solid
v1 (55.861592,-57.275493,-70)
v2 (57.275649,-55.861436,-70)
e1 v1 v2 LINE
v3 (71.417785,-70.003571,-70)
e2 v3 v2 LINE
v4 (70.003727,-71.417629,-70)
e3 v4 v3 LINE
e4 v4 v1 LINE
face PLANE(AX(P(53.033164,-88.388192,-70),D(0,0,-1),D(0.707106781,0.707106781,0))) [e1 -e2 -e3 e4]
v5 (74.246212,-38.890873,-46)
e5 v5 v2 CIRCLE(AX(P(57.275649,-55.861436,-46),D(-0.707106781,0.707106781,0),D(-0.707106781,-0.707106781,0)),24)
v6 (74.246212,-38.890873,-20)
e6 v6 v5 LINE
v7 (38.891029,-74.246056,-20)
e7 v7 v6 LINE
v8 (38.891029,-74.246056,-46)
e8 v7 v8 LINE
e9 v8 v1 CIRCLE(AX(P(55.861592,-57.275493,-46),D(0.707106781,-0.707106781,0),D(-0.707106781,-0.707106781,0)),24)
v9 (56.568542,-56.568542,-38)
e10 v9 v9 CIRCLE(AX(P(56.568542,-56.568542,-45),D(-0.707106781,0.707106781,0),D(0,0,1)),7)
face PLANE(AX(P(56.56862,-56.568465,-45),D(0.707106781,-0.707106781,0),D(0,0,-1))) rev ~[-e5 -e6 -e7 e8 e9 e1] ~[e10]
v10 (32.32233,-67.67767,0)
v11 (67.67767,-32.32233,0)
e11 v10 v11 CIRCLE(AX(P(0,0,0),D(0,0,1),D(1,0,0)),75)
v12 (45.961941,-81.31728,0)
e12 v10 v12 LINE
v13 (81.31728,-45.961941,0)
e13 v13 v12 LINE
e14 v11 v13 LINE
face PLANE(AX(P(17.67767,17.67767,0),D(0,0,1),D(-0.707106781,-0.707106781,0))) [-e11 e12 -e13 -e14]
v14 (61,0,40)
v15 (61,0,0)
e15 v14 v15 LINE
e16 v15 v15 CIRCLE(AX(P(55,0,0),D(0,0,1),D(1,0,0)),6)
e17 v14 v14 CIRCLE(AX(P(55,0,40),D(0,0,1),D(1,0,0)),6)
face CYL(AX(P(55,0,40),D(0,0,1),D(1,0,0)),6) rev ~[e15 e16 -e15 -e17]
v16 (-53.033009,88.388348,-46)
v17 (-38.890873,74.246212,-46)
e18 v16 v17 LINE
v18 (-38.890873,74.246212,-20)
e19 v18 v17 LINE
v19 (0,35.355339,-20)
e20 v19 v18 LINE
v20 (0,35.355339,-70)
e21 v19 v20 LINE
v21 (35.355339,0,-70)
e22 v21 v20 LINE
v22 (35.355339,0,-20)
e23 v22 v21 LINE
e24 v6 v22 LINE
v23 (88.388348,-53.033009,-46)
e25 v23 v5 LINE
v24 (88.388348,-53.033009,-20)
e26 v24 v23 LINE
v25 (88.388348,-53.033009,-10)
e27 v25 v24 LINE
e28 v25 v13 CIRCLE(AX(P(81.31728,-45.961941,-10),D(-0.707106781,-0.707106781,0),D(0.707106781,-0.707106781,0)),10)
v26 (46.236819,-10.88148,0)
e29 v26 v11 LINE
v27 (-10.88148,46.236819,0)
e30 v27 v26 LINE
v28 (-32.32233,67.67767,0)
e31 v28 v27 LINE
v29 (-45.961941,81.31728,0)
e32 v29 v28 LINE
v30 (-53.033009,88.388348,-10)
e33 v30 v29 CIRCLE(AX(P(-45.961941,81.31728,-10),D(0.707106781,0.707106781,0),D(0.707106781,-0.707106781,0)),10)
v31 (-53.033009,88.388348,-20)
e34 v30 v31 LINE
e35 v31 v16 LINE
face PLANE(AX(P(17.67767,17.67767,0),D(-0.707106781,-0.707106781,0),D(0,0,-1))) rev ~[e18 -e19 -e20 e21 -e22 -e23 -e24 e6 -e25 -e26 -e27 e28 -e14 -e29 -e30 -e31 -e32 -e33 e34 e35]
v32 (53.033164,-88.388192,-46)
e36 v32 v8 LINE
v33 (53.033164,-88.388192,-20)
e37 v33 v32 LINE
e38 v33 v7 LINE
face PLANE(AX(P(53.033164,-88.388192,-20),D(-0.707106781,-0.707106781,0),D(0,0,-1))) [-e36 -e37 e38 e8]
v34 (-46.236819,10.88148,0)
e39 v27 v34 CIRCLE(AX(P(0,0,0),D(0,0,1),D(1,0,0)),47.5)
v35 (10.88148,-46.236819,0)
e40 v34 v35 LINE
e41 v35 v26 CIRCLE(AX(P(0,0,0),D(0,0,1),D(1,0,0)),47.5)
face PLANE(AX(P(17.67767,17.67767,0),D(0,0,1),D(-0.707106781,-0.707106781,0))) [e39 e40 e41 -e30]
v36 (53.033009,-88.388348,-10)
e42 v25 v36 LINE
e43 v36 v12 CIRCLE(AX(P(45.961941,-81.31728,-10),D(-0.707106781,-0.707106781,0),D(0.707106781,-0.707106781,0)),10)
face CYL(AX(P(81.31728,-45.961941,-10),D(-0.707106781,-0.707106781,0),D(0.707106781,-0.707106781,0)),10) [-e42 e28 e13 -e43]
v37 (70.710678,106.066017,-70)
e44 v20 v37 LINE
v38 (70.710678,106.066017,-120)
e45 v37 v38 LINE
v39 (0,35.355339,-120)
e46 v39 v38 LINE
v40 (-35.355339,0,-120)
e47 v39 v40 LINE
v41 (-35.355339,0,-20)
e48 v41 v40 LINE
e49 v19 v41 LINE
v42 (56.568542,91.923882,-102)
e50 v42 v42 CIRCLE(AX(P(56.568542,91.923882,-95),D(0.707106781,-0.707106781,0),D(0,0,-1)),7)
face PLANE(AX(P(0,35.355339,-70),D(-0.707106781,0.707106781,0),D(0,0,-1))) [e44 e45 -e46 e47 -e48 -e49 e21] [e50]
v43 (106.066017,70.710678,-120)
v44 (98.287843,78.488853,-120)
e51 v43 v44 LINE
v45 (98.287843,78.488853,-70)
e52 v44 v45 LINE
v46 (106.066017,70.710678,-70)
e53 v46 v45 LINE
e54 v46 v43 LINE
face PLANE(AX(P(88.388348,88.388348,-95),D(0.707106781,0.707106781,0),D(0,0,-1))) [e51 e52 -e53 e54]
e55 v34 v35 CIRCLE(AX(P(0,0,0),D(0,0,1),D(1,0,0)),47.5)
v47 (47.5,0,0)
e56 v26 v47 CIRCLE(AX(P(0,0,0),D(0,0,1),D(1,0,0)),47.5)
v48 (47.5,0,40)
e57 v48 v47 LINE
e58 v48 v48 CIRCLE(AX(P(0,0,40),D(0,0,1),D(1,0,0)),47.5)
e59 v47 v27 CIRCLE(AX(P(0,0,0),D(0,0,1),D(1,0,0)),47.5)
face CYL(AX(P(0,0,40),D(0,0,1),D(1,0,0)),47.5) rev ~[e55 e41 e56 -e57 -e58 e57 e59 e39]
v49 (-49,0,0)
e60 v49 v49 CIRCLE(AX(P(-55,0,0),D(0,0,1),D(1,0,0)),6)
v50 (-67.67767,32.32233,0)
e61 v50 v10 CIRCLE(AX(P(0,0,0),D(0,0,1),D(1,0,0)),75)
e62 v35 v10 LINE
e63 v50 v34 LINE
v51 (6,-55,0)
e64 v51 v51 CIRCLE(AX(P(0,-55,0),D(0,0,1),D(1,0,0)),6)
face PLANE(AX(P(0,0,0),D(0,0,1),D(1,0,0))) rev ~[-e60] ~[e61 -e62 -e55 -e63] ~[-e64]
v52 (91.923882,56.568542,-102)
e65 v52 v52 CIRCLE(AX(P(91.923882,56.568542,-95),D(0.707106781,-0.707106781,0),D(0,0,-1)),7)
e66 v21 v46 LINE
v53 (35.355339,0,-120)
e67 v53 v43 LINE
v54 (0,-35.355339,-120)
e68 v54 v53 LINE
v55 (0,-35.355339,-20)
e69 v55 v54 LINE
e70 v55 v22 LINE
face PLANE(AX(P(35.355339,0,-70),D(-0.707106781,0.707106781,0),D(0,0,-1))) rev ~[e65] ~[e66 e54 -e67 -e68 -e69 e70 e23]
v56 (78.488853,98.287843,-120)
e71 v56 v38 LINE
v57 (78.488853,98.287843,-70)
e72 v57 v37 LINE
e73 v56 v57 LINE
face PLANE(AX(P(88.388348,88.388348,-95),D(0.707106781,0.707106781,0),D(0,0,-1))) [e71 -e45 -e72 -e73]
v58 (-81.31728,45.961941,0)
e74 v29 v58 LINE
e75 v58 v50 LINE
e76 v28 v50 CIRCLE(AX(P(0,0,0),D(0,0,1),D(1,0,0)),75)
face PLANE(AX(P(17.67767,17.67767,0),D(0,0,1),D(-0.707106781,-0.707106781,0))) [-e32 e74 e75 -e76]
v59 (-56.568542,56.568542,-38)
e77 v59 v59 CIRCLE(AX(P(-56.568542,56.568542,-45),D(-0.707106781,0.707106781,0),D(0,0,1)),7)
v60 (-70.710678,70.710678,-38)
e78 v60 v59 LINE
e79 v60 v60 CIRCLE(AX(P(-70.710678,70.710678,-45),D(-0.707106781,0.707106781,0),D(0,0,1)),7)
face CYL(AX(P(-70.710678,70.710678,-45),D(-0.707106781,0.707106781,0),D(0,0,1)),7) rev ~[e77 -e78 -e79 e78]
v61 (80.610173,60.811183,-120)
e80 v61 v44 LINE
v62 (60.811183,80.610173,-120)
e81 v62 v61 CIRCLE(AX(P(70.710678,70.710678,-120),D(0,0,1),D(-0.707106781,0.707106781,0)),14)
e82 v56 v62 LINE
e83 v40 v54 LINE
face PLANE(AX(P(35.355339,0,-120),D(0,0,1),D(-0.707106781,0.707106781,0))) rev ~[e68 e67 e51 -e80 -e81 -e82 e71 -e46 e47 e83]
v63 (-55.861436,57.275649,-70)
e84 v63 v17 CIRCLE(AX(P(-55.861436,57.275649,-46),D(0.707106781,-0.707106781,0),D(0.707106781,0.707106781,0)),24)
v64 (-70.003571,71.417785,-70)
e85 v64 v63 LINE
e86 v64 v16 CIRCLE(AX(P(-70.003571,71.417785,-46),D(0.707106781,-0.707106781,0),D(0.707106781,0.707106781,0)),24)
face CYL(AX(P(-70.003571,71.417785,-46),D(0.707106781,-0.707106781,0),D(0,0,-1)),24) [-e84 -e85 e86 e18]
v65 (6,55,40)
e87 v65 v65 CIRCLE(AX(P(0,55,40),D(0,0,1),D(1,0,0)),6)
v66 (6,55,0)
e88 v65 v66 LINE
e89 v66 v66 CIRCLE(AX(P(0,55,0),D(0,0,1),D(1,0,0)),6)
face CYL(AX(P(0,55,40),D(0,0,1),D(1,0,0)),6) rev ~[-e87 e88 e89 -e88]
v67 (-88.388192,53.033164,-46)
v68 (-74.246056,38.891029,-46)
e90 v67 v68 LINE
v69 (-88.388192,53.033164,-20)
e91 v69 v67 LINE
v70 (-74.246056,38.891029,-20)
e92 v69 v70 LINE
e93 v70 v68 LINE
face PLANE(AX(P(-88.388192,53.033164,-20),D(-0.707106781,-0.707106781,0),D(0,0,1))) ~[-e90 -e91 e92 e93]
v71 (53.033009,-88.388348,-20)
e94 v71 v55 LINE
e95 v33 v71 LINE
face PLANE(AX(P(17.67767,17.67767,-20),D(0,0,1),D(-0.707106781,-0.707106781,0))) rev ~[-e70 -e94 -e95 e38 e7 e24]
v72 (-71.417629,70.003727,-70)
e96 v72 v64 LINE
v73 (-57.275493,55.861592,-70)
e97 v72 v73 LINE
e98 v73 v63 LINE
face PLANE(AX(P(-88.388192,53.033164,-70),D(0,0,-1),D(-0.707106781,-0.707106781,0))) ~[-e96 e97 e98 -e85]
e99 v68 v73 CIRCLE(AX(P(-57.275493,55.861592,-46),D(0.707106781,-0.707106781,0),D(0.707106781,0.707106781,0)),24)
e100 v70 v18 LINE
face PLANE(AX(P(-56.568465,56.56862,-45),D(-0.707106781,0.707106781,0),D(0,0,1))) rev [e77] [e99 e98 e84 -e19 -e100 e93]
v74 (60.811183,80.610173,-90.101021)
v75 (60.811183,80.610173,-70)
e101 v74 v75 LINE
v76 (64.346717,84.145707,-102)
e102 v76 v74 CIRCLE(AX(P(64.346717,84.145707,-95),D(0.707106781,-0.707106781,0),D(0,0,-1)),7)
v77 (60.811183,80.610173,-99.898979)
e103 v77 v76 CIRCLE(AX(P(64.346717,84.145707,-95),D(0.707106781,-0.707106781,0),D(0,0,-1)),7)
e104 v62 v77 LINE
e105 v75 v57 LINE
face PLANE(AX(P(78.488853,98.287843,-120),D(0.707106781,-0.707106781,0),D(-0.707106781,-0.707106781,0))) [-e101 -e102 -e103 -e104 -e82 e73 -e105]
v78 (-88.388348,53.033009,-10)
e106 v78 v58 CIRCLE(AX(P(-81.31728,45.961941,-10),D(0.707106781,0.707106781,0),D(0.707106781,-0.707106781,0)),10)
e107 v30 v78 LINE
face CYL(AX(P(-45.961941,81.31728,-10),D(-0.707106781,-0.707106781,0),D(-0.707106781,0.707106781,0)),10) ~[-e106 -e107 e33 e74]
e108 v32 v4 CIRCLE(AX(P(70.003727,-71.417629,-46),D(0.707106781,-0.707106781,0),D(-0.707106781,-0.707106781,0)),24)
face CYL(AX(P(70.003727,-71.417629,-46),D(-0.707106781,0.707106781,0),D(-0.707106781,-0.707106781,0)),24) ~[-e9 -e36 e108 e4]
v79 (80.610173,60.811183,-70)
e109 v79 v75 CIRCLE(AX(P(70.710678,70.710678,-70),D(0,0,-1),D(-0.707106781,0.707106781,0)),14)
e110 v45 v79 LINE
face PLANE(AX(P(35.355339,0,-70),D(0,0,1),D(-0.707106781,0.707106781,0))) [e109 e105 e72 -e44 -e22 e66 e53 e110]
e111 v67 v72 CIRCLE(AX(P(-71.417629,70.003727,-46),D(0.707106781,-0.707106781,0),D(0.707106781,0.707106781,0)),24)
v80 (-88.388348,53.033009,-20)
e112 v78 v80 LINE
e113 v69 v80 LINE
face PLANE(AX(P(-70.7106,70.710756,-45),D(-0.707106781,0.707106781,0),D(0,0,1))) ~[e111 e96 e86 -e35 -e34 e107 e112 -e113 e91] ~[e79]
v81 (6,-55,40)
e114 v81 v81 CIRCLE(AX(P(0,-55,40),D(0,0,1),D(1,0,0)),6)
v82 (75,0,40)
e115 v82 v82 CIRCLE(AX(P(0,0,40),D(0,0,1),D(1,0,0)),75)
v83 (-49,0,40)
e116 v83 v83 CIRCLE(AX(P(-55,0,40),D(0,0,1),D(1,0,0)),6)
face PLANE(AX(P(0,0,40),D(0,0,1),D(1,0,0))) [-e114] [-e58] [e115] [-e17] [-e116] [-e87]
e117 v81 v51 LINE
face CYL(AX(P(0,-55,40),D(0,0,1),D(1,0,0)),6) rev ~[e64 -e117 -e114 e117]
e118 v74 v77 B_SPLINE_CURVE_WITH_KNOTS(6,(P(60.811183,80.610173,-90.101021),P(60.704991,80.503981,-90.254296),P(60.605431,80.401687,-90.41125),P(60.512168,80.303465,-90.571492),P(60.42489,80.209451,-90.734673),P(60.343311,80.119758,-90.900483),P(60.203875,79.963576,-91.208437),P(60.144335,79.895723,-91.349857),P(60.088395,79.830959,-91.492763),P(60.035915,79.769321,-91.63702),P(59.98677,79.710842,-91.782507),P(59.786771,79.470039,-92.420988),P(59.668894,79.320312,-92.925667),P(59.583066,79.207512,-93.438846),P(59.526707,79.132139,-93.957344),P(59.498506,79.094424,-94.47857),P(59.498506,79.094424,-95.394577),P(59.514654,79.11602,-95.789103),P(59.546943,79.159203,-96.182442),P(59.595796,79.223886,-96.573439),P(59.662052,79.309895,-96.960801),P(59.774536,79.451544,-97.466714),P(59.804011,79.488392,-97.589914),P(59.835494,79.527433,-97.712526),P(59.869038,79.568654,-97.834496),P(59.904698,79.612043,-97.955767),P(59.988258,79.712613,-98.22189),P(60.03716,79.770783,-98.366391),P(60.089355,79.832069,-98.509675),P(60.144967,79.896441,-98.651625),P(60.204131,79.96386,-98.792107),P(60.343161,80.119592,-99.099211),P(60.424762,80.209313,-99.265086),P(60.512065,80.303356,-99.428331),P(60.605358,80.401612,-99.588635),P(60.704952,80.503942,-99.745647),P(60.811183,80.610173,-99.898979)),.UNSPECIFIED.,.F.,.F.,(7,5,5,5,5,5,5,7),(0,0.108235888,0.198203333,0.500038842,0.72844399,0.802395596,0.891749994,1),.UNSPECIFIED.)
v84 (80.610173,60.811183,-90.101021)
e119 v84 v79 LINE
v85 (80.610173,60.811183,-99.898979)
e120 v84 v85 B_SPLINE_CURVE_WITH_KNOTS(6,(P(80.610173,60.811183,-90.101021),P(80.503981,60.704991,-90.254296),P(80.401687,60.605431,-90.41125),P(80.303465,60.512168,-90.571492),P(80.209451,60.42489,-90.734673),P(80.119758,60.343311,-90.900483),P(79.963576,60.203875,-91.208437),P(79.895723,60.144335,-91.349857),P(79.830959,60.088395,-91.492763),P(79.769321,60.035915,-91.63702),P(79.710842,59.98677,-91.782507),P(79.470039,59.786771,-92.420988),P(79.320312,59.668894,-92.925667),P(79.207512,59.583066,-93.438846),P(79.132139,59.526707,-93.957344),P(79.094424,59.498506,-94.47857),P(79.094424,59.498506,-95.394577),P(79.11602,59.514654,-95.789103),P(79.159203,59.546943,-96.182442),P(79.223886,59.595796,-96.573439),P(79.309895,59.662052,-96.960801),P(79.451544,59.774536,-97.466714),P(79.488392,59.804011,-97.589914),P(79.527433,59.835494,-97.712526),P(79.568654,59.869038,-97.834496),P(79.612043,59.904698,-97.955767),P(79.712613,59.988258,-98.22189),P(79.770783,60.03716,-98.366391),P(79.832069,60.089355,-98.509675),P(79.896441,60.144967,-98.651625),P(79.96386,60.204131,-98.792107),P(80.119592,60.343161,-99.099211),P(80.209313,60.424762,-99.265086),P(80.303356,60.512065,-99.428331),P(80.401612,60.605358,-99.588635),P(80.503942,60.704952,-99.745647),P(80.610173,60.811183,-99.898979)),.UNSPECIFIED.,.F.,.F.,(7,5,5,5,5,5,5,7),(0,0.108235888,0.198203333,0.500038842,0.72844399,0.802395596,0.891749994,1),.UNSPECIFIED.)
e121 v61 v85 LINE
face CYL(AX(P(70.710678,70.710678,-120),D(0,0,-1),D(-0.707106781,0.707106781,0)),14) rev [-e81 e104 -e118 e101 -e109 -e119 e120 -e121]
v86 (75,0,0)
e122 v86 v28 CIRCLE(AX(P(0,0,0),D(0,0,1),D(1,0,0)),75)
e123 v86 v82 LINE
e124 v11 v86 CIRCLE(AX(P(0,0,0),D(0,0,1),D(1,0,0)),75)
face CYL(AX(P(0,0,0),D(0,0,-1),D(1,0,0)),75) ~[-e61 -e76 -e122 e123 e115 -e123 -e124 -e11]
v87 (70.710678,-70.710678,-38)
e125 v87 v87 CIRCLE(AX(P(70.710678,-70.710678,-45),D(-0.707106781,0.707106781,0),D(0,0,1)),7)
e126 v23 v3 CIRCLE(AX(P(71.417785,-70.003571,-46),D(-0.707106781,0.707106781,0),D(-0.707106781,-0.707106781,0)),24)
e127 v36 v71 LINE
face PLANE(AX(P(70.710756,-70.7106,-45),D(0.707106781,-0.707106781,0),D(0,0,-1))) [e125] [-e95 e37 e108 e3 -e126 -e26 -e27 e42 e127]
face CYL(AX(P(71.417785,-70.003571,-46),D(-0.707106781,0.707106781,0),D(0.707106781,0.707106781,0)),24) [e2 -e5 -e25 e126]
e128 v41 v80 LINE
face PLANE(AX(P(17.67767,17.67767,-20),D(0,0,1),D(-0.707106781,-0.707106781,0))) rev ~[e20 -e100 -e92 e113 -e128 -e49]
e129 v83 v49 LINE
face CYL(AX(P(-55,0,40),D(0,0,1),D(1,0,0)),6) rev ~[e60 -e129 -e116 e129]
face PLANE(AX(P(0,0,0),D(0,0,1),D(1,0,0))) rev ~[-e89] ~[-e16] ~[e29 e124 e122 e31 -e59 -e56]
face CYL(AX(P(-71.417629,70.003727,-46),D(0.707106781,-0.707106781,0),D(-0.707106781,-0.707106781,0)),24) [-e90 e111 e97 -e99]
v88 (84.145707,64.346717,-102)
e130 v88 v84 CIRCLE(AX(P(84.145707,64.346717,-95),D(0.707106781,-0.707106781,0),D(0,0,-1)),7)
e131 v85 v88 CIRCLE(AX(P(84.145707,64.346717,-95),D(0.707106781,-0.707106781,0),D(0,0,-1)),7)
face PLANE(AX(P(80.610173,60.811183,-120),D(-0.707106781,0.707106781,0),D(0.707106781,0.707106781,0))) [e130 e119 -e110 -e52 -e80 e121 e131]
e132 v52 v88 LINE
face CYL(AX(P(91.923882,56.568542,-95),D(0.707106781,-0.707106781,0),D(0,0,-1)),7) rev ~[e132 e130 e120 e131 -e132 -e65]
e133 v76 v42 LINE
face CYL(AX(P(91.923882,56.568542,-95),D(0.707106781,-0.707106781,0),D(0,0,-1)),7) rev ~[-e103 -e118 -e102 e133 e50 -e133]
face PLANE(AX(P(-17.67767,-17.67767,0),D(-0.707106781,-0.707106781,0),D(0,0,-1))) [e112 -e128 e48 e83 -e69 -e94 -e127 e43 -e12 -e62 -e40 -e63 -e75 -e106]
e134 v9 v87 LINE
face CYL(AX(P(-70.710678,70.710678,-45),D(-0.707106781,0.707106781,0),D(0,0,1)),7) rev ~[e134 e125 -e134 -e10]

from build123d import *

# Parameters (mm, degrees)
SZKIC1_R                    = 75
DODANIE_WYCI_GNI_CIE1_DEPTH = 40
SZKIC2_R                    = 6
WYTNIJ_WYCI_GNI_CIE1_DEPTH  = 40
SZKIC3_R                    = 47.5
WYTNIJ_WYCI_GNI_CIE2_DEPTH  = 40
SZKIC4_W                    = 50
SZKIC4_H                    = 20
DODANIE_WYCI_GNI_CIE2_DEPTH = 100
SZKIC6_W                    = 50
SZKIC6_H                    = 49.999779654
DODANIE_WYCI_GNI_CIE3_DEPTH = 20
SZKIC7_R                    = 7
WYTNIJ_WYCI_GNI_CIE3_DEPTH  = 226
ZAOKR_GLENIE1_R             = 24
ZAOKR_GLENIE2_R             = 10
DODANIE_WYCI_GNI_CIE4_DEPTH = 100
SZKIC10_W                   = 50
SZKIC10_H                   = 50
DODANIE_WYCI_GNI_CIE5_DEPTH = 100
SZKIC12_R                   = 7
WYTNIJ_WYCI_GNI_CIE5_DEPTH  = 163.5
WYTNIJ_WYCI_GNI_CIE6_DEPTH  = 161


with BuildPart() as part:
    # Szkic1 → Dodanie-wyciągnięcie1 (new body)
    with BuildSketch(Plane.XY):
        Circle(SZKIC1_R)
    extrude(amount=DODANIE_WYCI_GNI_CIE1_DEPTH)

    # Szkic2 → Wytnij-wyciągnięcie1 (cut)
    with BuildSketch(Plane.XY.offset(40)):
        with Locations((-55, 0)):
            Circle(SZKIC2_R)
        with Locations((0, 55)):
            Circle(SZKIC2_R)
        with Locations((55, 0)):
            Circle(SZKIC2_R)
        with Locations((0, -55)):
            Circle(SZKIC2_R)
    extrude(amount=-WYTNIJ_WYCI_GNI_CIE1_DEPTH, mode=Mode.SUBTRACT)

    # Szkic3 → Wytnij-wyciągnięcie2 (cut)
    with BuildSketch(Plane.XY.offset(40)):
        Circle(SZKIC3_R)
    extrude(amount=-WYTNIJ_WYCI_GNI_CIE2_DEPTH, mode=Mode.SUBTRACT)

    # Szkic4 → Dodanie-wyciągnięcie2 (add, symmetric)
    with BuildSketch(Plane(origin=(0, 0, 0), x_dir=(-0.707106781, -0.707106781, 0), z_dir=(0.707106781, -0.707106781, 0))):
        with Locations((0, 10)):
            Rectangle(SZKIC4_W, SZKIC4_H)
    extrude(amount=DODANIE_WYCI_GNI_CIE2_DEPTH, both=True)

    # Szkic6 → Dodanie-wyciągnięcie3 (add)
    with BuildSketch(Plane(origin=(70.710678119, -70.710678119, 0), x_dir=(0, 0, -1), z_dir=(0.707106781, -0.707106781, 0))):
        with Locations((45, 0.000110173)):
            Rectangle(SZKIC6_W, SZKIC6_H)
    dodanie_wyci_gni_cie3 = extrude(amount=-DODANIE_WYCI_GNI_CIE3_DEPTH)

    # Lustro1: Dodanie-wyciągnięcie3 across plane
    add(dodanie_wyci_gni_cie3.mirror(Plane(origin=(0, 0, 0), x_dir=(0, 0, 1), z_dir=(0.707106781, -0.707106781, 0))))

    # Szkic7 → Wytnij-wyciągnięcie3 (cut, through all)
    with BuildSketch(Plane(origin=(-70.710678119, 70.710678119, 0), x_dir=(0, 0, 1), z_dir=(-0.707106781, 0.707106781, 0))):
        with Locations((-45, 0)):
            Circle(SZKIC7_R)
    extrude(amount=-WYTNIJ_WYCI_GNI_CIE3_DEPTH, mode=Mode.SUBTRACT)

    # Zaokrąglenie1
    zaokr_glenie1_edges = [part.edges().sort_by_distance(p)[0] for p in [
        (81.317279836, -45.961940777, -70),
        (45.962096585, -81.317124028, -70),
        (-81.317124028, 45.962096585, -70),
        (-45.961940777, 81.317279836, -70),
    ]]
    fillet(zaokr_glenie1_edges, radius=ZAOKR_GLENIE1_R)

    # Zaokrąglenie2
    zaokr_glenie2_edges = [part.edges().sort_by_distance(p)[0] for p in [
        (-70.710678119, 70.710678119, 0),
        (70.710678119, -70.710678119, 0),
    ]]
    fillet(zaokr_glenie2_edges, radius=ZAOKR_GLENIE2_R)

    # Szkic8 → Dodanie-wyciągnięcie4 (add)
    with BuildSketch(Plane(origin=(0, 0, -20), x_dir=(-1, 0, 0), z_dir=(0, 0, -1))):
        Polygon((0, 35.355339059), (35.355339059, 0), (0, -35.355339059), (-35.355339059, 0), align=None)
    extrude(amount=DODANIE_WYCI_GNI_CIE4_DEPTH)

    # Szkic10 → Dodanie-wyciągnięcie5 (add)
    with BuildSketch(Plane(origin=(17.67766953, 17.67766953, 0), x_dir=(0, 0, -1), z_dir=(0.707106781, 0.707106781, 0))):
        with Locations((95, 0)):
            Rectangle(SZKIC10_W, SZKIC10_H)
    extrude(amount=DODANIE_WYCI_GNI_CIE5_DEPTH)

    # Szkic12 → Wytnij-wyciągnięcie5 (cut, through all)
    with BuildSketch(Plane(origin=(17.67766953, -17.67766953, 0), x_dir=(0, 0, -1), z_dir=(0.707106781, -0.707106781, 0))):
        with Locations((95, 105)):
            Circle(SZKIC12_R)
    extrude(amount=-WYTNIJ_WYCI_GNI_CIE5_DEPTH, mode=Mode.SUBTRACT)

    # Szkic14 → Wytnij-wyciągnięcie6 (cut, through all)
    with BuildSketch(Plane(origin=(0, 0, -120), x_dir=(-1, 0, 0), z_dir=(0, 0, -1))):
        with BuildLine():
            Line((-80.610173055, 60.811183182), (-98.287842585, 78.488852712))
            Line((-98.287842585, 78.488852712), (-78.488852712, 98.287842585))
            Line((-78.488852712, 98.287842585), (-60.811183182, 80.610173055))
            ThreePointArc((-60.811183182, 80.610173055), (-60.811183182, 60.811183182), (-80.610173055, 60.811183182))
        make_face()
    extrude(amount=-WYTNIJ_WYCI_GNI_CIE6_DEPTH, mode=Mode.SUBTRACT)


solid = part.part
